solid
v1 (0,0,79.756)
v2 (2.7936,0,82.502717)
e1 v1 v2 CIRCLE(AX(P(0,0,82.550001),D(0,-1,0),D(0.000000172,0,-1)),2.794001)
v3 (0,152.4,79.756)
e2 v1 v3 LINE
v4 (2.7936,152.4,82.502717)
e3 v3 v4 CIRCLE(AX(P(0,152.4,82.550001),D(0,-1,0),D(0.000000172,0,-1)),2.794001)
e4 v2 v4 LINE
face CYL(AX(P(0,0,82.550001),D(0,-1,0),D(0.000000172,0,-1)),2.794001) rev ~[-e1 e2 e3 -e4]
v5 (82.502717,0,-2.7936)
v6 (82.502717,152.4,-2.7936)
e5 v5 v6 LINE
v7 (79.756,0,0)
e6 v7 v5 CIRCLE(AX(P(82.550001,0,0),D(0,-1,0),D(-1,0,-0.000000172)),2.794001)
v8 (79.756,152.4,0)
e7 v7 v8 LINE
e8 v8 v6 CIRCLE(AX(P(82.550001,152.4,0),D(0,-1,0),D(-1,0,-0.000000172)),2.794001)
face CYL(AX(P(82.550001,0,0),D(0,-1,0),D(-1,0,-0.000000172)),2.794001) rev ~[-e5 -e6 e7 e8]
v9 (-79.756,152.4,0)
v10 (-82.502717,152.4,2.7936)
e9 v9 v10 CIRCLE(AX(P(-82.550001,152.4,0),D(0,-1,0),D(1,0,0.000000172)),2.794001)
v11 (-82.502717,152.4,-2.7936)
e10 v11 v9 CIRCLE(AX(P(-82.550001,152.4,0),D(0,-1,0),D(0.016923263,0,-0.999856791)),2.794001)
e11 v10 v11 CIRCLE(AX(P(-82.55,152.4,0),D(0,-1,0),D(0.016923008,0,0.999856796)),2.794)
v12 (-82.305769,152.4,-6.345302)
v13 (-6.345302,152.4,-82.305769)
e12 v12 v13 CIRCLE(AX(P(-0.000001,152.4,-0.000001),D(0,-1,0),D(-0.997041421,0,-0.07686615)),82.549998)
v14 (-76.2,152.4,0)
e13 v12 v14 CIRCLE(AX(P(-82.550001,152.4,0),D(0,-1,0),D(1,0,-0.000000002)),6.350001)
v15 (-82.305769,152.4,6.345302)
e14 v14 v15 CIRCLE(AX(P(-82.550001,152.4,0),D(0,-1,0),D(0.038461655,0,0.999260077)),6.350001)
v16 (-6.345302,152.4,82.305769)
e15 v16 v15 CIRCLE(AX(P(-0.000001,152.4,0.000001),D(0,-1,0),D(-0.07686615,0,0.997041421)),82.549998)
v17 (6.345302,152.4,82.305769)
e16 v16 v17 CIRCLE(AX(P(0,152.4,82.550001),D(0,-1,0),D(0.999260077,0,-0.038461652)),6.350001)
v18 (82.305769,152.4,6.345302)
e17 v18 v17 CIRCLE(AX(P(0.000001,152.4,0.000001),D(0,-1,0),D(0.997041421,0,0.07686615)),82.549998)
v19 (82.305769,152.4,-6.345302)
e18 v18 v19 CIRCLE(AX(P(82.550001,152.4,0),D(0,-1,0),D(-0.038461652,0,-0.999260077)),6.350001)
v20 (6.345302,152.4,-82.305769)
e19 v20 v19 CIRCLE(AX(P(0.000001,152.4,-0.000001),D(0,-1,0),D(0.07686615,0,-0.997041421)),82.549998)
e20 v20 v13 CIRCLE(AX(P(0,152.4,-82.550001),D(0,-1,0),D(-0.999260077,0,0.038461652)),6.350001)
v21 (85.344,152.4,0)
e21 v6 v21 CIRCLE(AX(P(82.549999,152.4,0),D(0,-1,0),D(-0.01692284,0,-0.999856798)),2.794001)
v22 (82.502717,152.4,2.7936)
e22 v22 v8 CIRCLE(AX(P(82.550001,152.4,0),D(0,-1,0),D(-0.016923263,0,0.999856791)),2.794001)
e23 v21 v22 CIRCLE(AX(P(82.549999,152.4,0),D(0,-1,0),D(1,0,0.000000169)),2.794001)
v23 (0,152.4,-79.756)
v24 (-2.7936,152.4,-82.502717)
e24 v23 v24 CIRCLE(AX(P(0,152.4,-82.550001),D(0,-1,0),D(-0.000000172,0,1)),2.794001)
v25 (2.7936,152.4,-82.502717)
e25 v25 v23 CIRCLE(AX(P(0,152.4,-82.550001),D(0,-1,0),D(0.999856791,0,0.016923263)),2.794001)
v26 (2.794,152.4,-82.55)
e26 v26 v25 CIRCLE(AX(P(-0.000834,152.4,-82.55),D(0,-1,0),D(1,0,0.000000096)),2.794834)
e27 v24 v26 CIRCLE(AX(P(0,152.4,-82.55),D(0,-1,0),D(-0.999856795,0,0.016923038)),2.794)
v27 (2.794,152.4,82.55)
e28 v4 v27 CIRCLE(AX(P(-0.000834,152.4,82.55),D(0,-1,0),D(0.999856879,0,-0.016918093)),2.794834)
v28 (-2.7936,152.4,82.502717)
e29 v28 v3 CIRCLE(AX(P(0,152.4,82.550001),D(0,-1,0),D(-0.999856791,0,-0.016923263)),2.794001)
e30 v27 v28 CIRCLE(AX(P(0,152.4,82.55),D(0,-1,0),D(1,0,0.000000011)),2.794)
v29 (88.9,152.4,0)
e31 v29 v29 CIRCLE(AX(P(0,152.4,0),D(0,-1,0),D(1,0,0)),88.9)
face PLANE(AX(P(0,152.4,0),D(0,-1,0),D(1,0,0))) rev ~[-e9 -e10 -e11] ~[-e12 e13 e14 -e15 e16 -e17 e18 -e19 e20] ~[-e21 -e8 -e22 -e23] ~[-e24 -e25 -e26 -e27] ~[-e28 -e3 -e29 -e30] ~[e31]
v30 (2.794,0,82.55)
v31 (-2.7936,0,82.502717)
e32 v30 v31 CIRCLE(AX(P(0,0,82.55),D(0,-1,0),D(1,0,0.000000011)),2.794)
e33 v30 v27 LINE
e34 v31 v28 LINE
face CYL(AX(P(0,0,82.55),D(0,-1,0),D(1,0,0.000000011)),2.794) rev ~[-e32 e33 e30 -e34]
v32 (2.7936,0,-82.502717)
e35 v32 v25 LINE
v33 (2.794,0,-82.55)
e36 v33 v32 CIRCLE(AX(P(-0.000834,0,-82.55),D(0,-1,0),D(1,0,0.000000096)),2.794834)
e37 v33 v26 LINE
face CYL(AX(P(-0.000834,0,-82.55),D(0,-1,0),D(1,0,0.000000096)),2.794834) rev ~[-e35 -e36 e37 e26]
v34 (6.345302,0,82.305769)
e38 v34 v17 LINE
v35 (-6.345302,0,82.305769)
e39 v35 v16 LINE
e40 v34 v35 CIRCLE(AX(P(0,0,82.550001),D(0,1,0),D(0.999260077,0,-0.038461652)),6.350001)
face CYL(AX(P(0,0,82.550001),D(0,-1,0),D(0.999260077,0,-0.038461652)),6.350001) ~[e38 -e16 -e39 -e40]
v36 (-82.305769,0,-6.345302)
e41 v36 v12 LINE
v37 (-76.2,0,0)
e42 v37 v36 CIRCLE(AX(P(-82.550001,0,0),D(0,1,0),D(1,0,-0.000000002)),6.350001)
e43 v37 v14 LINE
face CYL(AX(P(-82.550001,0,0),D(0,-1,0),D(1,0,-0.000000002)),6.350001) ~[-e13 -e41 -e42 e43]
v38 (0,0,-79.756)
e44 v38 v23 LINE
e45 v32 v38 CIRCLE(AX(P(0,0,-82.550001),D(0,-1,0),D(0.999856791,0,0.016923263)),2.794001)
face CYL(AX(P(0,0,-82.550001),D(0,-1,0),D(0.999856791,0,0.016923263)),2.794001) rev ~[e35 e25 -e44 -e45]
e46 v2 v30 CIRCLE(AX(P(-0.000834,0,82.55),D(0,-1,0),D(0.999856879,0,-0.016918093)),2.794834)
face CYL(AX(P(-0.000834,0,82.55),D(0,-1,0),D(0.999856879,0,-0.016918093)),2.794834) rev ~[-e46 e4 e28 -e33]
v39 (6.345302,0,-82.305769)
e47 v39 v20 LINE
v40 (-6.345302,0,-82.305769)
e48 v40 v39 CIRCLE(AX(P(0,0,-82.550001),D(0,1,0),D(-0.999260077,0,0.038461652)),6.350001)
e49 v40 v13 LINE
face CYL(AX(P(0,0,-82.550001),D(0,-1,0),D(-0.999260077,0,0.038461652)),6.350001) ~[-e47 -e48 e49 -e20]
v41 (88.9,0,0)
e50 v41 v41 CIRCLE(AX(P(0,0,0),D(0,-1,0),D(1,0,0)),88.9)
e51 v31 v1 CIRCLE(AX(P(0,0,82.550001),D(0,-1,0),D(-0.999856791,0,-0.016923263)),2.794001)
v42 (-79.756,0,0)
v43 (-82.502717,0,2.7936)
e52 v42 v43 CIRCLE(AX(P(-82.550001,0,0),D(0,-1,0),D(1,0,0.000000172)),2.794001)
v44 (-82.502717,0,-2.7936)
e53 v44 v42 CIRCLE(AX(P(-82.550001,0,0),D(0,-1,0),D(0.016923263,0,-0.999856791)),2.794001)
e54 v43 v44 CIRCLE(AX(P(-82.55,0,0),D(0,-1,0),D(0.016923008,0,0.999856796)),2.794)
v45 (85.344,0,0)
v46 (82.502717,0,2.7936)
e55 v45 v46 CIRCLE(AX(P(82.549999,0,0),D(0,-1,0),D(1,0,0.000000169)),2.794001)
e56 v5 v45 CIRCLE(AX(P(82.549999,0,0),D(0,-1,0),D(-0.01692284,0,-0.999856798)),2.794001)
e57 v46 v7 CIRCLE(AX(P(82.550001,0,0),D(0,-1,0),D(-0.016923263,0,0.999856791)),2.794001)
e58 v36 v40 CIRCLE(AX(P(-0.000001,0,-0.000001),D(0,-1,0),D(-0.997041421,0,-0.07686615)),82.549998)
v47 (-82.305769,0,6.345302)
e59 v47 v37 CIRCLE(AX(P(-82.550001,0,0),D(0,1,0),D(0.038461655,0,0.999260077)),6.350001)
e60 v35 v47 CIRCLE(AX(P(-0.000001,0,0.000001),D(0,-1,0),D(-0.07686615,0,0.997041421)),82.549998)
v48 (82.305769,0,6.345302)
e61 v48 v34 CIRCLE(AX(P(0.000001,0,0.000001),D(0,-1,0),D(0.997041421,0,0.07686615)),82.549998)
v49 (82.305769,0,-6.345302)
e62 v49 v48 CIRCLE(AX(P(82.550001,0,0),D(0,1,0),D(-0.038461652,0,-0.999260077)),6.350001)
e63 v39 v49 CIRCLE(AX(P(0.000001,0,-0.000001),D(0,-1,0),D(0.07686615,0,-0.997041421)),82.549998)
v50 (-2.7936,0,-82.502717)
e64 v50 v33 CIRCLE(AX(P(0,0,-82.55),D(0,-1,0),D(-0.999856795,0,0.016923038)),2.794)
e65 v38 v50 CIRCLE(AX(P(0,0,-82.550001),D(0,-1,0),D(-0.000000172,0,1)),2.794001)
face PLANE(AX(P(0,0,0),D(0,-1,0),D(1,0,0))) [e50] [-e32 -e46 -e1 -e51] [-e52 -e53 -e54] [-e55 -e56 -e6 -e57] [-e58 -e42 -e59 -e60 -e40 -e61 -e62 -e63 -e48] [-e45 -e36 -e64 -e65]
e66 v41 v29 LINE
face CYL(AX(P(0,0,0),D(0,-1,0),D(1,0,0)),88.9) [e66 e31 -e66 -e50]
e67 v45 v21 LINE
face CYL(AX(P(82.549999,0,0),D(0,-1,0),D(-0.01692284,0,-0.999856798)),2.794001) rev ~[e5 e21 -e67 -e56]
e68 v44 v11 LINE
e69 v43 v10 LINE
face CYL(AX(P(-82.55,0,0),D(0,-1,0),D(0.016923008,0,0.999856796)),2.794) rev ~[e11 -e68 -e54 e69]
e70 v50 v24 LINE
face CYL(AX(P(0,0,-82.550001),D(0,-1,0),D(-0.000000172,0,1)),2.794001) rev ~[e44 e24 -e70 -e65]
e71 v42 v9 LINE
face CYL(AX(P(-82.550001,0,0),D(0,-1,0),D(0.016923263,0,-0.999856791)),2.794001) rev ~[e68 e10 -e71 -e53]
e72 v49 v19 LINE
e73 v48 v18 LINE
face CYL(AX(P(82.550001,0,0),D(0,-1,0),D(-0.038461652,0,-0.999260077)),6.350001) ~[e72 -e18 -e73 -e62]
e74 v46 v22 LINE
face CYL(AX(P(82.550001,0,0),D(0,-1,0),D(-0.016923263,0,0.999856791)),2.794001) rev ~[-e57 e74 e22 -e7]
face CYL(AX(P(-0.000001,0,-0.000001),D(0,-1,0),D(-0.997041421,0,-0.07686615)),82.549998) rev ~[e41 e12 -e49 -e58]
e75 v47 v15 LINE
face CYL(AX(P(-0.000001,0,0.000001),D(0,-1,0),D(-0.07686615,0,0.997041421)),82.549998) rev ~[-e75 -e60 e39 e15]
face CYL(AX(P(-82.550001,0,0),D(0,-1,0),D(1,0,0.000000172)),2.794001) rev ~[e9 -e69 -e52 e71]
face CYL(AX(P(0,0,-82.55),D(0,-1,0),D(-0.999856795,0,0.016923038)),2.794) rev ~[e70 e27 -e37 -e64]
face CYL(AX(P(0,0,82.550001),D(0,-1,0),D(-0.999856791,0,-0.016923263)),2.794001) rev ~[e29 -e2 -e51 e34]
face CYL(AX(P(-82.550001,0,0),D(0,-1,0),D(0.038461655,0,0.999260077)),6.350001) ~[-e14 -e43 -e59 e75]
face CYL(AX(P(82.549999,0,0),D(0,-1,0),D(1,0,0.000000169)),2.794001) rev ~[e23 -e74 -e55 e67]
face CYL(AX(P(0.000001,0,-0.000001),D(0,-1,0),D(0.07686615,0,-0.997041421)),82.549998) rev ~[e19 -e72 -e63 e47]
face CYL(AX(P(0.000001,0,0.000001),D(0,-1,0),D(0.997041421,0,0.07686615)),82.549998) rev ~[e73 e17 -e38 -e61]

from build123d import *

# Parameters (mm, degrees)
F0_R     = 88.9
F1_DEPTH = 152.4
F4_DEPTH = 152.401
F5_DEPTH = 152.401


with BuildPart() as f1:
    # F0 (on Front) → F1 (new body)
    with BuildSketch(Plane.XZ):
        Circle(F0_R)
    extrude(amount=-F1_DEPTH)

    # F3 (on face) → F4 (cut, through all)
    with BuildSketch(Plane.XZ):
        with BuildLine():
            ThreePointArc((6.345302, 82.305769), (0, 76.2), (-6.345302, 82.305769))
            ThreePointArc((-6.345302, 82.305769), (-58.371665, 58.371665), (-82.305769, 6.345302))
            ThreePointArc((-82.305769, 6.345302), (-77.974338, 4.402933), (-76.2, 0))
            ThreePointArc((-76.2, 0), (-77.974338, -4.402933), (-82.305769, -6.345302))
            ThreePointArc((-82.305769, -6.345302), (-58.371665, -58.371665), (-6.345302, -82.305769))
            ThreePointArc((-6.345302, -82.305769), (0, -76.2), (6.345302, -82.305769))
            ThreePointArc((6.345302, -82.305769), (58.371665, -58.371665), (82.305769, -6.345302))
            ThreePointArc((82.305769, -6.345302), (76.2, 0), (82.305769, 6.345302))
            ThreePointArc((82.305769, 6.345302), (58.371665, 58.371665), (6.345302, 82.305769))
        make_face()
    extrude(amount=-F4_DEPTH, mode=Mode.SUBTRACT)

    # F2 (on face) → F5 (cut, through all)
    with BuildSketch(Plane.XZ):
        with BuildLine():
            ThreePointArc((-2.7936, 82.502717), (-1.958868, 80.557697), (0, 79.756))
            ThreePointArc((0, 79.756), (1.958868, 80.557697), (2.7936, 82.502717))
            ThreePointArc((2.7936, 82.502717), (2.7939, 82.526358), (2.794, 82.55))
            ThreePointArc((2.794, 82.55), (-0.023642, 85.3439), (-2.7936, 82.502717))
        make_face()
        with BuildLine():
            ThreePointArc((-82.502717, 2.7936), (-85.344, 0), (-82.502717, -2.7936))
            ThreePointArc((-82.502717, -2.7936), (-80.557697, -1.958868), (-79.756, 0))
            ThreePointArc((-79.756, 0), (-80.557697, 1.958868), (-82.502717, 2.7936))
        make_face()
        with BuildLine():
            ThreePointArc((79.756, 0), (80.557697, -1.958868), (82.502717, -2.7936))
            ThreePointArc((82.502717, -2.7936), (84.508868, -1.992303), (85.344, 0))
            ThreePointArc((85.344, 0), (84.508868, 1.992303), (82.502717, 2.7936))
            ThreePointArc((82.502717, 2.7936), (80.557697, 1.958868), (79.756, 0))
        make_face()
        with BuildLine():
            ThreePointArc((2.794, -82.55), (2.7939, -82.526358), (2.7936, -82.502717))
            ThreePointArc((2.7936, -82.502717), (1.958868, -80.557697), (0, -79.756))
            ThreePointArc((0, -79.756), (-1.958868, -80.557697), (-2.7936, -82.502717))
            ThreePointArc((-2.7936, -82.502717), (-0.023642, -85.3439), (2.794, -82.55))
        make_face()
    extrude(amount=-F5_DEPTH, mode=Mode.SUBTRACT)


solid = f1.part
